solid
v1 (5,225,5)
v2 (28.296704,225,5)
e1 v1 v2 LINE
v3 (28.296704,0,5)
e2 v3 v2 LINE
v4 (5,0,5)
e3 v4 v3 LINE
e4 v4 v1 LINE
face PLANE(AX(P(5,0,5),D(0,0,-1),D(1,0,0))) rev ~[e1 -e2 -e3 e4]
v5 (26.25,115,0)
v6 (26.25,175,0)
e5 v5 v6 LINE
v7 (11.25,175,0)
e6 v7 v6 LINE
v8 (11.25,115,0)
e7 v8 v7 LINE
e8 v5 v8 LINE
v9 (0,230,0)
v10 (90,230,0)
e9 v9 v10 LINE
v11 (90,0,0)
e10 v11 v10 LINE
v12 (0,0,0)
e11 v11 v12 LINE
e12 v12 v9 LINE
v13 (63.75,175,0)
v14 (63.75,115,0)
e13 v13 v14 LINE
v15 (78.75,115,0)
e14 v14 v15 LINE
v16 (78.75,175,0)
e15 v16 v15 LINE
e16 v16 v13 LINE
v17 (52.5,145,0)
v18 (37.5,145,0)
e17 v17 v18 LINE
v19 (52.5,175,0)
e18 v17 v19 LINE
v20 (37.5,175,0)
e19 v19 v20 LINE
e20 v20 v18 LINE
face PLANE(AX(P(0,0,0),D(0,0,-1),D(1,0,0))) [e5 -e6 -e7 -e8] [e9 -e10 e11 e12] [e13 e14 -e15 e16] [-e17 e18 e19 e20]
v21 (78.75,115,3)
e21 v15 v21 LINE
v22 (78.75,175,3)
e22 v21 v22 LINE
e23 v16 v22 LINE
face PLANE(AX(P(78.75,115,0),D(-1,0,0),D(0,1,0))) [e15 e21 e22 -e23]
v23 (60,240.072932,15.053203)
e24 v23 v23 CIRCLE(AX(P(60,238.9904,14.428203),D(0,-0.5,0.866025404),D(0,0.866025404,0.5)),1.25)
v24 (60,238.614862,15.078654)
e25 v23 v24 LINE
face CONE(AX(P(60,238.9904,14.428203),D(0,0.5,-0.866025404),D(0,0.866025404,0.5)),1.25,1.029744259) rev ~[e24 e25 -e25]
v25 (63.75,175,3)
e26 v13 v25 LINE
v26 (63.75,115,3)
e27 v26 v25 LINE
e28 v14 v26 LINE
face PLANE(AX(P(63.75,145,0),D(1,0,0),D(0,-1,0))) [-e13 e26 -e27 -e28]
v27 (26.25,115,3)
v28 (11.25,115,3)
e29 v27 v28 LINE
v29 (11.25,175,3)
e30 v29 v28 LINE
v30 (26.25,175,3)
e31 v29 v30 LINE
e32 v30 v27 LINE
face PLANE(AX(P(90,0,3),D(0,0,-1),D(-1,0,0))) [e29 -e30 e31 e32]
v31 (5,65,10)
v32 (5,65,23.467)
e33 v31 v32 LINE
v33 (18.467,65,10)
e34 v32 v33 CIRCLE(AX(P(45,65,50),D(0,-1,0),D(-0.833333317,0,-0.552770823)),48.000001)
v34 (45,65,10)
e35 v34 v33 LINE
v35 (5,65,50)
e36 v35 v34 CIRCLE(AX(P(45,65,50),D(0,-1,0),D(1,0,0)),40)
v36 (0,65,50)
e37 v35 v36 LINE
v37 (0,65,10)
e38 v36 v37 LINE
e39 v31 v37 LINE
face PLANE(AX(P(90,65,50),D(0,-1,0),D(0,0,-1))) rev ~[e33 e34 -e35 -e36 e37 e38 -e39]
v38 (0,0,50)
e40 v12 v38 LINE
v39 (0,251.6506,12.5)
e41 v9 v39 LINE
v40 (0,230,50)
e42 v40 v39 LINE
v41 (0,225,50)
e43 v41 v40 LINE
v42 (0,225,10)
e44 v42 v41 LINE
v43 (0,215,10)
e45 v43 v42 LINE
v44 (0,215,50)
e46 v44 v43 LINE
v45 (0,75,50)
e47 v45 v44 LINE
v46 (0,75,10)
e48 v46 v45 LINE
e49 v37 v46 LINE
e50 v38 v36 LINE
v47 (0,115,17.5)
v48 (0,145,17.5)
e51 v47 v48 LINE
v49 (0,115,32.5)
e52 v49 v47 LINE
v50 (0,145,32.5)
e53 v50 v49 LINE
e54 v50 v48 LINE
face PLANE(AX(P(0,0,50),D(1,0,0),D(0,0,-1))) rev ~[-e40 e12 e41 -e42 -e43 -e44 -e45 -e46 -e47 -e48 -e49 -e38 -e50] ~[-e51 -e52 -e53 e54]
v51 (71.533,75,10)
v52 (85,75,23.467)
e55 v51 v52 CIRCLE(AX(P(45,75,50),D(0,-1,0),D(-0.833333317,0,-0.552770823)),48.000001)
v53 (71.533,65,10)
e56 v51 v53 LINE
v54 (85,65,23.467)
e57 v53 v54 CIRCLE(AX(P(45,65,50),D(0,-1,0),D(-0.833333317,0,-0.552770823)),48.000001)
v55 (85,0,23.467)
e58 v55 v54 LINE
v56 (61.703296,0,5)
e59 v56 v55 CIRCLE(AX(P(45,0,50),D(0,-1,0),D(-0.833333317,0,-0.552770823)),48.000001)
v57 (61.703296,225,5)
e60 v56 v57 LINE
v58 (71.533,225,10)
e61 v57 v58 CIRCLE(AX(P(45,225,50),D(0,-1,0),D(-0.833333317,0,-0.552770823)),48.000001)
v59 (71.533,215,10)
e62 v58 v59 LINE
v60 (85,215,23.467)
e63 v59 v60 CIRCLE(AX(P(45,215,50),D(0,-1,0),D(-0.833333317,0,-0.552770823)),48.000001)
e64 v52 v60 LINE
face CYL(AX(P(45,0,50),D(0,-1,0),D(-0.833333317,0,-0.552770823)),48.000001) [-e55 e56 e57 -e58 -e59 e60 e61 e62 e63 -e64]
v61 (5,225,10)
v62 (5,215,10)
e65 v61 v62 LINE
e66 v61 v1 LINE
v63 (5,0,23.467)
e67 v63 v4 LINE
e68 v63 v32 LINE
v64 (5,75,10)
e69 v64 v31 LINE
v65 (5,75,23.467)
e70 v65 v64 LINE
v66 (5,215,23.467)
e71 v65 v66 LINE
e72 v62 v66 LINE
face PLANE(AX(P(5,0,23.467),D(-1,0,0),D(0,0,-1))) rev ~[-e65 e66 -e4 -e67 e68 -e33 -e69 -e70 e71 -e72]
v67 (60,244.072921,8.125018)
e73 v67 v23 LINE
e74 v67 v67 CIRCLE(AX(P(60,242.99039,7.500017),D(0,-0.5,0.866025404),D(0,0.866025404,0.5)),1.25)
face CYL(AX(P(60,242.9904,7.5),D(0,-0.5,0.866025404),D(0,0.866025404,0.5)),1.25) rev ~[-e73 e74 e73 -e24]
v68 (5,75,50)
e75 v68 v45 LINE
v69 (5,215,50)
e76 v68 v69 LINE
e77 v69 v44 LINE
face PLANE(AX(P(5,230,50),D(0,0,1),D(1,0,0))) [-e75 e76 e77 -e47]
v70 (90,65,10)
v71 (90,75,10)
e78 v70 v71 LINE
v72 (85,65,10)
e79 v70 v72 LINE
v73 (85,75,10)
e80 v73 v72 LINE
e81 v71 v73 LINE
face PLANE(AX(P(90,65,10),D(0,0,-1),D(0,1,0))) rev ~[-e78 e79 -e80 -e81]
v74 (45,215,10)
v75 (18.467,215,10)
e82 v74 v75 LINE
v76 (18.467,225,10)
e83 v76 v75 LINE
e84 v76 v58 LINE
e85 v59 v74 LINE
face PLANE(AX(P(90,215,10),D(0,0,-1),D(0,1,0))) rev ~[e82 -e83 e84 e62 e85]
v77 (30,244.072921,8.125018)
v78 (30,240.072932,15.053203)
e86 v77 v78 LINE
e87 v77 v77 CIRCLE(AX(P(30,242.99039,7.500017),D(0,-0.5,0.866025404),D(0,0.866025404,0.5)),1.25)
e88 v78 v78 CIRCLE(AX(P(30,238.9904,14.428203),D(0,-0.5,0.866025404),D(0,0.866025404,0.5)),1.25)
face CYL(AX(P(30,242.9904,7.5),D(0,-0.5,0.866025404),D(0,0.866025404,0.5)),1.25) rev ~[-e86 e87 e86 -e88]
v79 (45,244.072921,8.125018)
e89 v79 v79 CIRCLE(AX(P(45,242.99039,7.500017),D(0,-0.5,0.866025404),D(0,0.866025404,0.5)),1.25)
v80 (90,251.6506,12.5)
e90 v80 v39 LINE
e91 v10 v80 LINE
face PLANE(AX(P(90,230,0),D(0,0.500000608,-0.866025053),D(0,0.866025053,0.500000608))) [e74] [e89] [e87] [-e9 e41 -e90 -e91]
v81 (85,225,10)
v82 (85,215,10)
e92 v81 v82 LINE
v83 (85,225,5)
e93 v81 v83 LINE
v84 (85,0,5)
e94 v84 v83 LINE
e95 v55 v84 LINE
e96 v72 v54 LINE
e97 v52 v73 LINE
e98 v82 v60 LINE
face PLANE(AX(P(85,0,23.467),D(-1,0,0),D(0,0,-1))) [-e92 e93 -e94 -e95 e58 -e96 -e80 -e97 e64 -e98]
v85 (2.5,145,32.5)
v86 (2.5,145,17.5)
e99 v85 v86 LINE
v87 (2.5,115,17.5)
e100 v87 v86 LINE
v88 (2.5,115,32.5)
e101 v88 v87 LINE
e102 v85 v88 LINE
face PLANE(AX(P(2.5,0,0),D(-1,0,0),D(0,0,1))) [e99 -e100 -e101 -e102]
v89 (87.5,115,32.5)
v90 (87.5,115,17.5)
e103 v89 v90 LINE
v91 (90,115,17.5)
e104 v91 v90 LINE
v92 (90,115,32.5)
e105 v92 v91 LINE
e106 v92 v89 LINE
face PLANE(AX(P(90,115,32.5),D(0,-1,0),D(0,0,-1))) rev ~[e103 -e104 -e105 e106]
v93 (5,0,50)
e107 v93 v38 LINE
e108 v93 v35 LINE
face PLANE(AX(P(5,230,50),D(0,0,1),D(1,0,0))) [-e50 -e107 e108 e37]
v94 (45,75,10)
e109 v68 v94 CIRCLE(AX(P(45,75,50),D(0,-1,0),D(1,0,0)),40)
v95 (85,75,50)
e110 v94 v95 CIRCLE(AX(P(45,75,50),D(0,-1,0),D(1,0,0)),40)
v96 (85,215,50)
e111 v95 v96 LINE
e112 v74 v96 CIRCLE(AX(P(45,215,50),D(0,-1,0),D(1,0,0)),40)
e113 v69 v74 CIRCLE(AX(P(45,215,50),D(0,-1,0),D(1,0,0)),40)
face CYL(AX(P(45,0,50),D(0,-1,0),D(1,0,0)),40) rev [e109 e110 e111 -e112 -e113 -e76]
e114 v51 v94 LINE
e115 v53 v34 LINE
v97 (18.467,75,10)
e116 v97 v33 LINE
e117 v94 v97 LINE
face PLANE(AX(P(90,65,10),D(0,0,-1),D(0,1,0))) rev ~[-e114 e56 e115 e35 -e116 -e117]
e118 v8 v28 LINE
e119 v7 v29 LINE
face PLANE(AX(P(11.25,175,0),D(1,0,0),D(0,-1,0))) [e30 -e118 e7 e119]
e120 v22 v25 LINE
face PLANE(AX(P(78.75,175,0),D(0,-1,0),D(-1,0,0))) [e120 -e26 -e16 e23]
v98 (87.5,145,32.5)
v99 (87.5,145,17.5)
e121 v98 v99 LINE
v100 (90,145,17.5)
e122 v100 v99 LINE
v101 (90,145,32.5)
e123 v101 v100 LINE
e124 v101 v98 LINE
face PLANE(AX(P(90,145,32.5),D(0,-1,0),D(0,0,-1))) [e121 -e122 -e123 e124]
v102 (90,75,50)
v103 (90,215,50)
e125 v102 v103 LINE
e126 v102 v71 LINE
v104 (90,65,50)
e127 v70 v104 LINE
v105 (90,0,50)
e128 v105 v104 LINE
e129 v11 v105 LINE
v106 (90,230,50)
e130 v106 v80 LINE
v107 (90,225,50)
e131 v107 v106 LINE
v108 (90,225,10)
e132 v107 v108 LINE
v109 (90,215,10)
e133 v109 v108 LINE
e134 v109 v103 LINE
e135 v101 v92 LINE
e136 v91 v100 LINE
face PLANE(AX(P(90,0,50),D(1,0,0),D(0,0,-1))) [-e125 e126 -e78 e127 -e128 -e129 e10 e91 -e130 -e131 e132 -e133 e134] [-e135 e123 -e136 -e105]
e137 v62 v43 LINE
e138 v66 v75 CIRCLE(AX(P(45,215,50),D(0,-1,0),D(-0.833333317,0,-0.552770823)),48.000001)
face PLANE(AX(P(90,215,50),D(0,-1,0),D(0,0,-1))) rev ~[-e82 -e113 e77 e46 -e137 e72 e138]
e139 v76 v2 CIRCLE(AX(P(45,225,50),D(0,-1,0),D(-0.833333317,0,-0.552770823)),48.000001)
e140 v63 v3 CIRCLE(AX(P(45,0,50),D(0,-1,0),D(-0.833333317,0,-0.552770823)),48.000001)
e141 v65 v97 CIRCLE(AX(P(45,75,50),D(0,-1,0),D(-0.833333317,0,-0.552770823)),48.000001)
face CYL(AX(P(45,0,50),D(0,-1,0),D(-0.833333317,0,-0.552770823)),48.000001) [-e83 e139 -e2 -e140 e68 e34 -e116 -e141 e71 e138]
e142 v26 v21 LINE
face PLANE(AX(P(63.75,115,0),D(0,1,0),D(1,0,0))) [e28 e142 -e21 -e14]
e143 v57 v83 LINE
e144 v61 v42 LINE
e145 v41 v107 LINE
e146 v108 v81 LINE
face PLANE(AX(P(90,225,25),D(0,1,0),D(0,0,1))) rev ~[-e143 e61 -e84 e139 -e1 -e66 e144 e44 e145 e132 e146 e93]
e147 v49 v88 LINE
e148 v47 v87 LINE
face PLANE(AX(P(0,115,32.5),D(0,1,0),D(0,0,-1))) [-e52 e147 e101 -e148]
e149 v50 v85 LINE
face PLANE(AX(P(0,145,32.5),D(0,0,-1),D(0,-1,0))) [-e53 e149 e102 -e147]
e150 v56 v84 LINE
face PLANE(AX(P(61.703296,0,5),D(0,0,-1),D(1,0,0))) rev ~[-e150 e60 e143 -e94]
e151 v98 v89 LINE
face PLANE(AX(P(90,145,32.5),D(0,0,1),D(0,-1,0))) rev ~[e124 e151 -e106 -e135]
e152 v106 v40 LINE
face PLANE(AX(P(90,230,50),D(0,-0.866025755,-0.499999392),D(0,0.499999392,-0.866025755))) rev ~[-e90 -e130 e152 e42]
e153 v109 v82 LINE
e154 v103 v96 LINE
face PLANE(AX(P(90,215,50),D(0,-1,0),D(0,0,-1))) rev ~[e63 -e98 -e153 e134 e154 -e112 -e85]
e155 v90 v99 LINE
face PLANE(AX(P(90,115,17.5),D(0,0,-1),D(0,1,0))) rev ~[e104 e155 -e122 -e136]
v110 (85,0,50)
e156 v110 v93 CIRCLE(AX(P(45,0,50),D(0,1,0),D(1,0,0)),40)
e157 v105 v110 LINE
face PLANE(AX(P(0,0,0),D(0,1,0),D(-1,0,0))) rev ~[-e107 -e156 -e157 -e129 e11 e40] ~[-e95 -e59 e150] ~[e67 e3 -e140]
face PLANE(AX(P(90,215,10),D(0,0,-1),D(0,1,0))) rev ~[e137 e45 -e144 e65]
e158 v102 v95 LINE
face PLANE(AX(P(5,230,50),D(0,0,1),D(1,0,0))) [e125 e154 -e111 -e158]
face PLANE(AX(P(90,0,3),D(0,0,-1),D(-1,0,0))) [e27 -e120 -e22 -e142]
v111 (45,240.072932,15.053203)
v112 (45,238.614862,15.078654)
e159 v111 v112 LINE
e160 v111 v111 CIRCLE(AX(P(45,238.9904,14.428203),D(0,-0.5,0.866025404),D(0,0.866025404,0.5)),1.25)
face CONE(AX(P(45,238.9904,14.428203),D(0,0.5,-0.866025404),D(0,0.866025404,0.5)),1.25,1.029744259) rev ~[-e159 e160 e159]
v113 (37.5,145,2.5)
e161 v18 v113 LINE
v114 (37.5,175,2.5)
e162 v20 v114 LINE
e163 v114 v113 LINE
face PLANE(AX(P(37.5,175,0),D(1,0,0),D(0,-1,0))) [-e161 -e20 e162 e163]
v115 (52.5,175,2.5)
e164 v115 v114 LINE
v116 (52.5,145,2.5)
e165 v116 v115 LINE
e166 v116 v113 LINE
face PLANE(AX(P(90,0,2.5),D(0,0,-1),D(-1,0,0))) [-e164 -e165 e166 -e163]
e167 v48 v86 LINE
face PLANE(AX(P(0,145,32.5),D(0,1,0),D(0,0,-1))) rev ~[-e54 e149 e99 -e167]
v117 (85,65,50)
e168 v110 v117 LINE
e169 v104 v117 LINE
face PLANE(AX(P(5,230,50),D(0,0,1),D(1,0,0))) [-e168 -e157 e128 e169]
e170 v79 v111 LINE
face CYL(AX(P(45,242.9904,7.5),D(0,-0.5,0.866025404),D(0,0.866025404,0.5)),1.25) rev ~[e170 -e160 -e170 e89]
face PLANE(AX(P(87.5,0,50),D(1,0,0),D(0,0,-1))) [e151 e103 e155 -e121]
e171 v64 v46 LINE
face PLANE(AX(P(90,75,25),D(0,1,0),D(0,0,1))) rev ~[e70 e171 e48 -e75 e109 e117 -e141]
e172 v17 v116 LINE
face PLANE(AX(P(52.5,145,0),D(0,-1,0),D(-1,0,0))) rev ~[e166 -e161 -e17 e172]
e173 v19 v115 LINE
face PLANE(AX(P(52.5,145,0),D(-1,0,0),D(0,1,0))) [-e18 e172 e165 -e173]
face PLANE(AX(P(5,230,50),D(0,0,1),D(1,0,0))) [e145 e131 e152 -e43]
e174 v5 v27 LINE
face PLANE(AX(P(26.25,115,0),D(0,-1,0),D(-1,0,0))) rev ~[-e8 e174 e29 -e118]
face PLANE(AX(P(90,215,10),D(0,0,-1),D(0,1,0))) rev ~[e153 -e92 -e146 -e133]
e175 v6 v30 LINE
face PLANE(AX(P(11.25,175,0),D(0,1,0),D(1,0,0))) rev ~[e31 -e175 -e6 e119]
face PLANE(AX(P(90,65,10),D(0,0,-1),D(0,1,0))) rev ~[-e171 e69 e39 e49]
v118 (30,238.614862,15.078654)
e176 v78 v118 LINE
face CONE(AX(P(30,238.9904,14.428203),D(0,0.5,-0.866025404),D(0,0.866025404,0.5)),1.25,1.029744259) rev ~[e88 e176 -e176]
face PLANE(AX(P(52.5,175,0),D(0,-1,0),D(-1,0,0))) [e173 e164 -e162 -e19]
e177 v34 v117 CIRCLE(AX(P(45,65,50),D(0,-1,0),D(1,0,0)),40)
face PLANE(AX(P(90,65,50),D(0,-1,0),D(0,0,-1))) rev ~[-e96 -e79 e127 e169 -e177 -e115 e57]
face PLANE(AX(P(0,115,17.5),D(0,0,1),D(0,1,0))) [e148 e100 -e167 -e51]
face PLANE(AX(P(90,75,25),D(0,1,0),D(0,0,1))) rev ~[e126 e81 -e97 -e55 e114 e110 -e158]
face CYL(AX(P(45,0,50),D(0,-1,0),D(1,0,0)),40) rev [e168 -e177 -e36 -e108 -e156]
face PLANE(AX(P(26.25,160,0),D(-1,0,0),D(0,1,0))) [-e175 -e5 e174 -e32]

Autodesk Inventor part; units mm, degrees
ref_plane "YZ Plane" through (0, 0, 0) normal (1, 0, 0) x (0, 1, 0)
ref_plane "XZ Plane" through (0, 0, 0) normal (0, 1, 0) x (-1, 0, 0)
ref_plane "XY Plane" through (0, 0, 0) normal (0, 0, 1) x (1, 0, 0)
sketch "スケッチ1" plane through (0, 0, 0) normal (0, 1, 0) x (-1, 0, 0)
  line L0 (0, 0) -> (-90, 0)
  line L1 (-90, 0) -> (-90, 50)
  line L2 (0, 50) -> (0, 0)
  line L3 (0, 0) -> (-5, 0)
  line L4 (-5, 0) -> (-5, 50)
  line L5 (-5, 0) -> (-90, 0)
  line L6 (-90, 0) -> (-85, 0)
  line L7 (-85, 0) -> (-85, 50)
  arc A0 (-85, 50) -> (-5, 50) centre (-45, 50) ccw
  line L8 (0, 0) -> (0, 10)
  line L9 (0, 10) -> (-90, 10)
  circle A1 centre (-45, 50) radius 45
  line L10 (-90, 5) -> (0, 5)
  line L11 (-90, 50) -> (-85, 50)
  line L12 (-5, 50) -> (0, 50)
  line L13 (0, 0) -> (-90, 0)
  line L14 (-90, 0) -> (-90, 5)
  line L15 (-90, 5) -> (0, 5)
  line L16 (0, 5) -> (0, 0)
  dimension "d0" = 90
  dimension "d1" = 50
  dimension "d2" = 5
  dimension "d3" = 85
  dimension "d4" = 5
  dimension "d5" = 80
  dimension "d6" = 10
  dimension "d7" = 90
extrude "押し出し1" add sketch "スケッチ1" along normal blind 230 contours L0 L4 L10 L2 | L0 L7 L10 L4 | L10 L4 L9 L2 | L0 L1 L10 L7 | L10 A1 L9 L4 | L9 L4 A1 L2 | L10 L1 L9 L7 | L7 L9 A1 L10 | L9 A1 L4 | A1 L9 | A1 L4 L12 | L9 L1 A1 L7 | L7 A1 L9 | A1 L9 A0 L4 | A1 L7 A0 L9 | L11 L7 A1
sketch "スケッチ2" plane through (0, 0, 0) normal (0, -1, 0) x (1, 0, 0)
  line L0 (0, 0) -> (0, 50) projected
  line L1 (90, 0) -> (0, 0) projected
  line L2 (90, 50) -> (90, 0) projected
  line L3 (85, 50) -> (90, 50) projected
  arc A0 (5, 50) -> (85, 50) centre (45, 50) ccw projected
  line L4 (0, 50) -> (5, 50) projected
  arc A1 (5, 23.467) -> (85, 23.467) centre (45, 50) ccw
  line L5 (0, 5) -> (90, 5)
  line L6 (5, 23.467) -> (5, 5)
  line L7 (85, 23.467) -> (85, 5)
  dimension "d29" = 48
extrude "押し出し2" cut sketch "スケッチ2" against normal blind 225 contours L6 A1 L5 | L5 A1 L7
sketch "スケッチ3" plane through (0, 230, 0) normal (0, 1, 0) x (1, 0, 0)
  arc A0 (85, -50) -> (5, -50) centre (45, -50) ccw projected
  line L0 (90, -50) -> (90, 0) projected
  line L1 (0, -50) -> (5, -50) projected
  arc A1 (85, -50) -> (5, -50) centre (45, -50) ccw
  line L2 (5, -50) -> (85, -50)
extrude "押し出し3" add sketch "スケッチ3" against normal blind 5
sketch "スケッチ4" plane through (90, 0, 50) normal (1, 0, 0) x (0, 0, -1)
  line L0 (0, 0) -> (50, 0) projected
  line L1 (0, 0) -> (0, 230) projected
  line L2 (25, 0) -> (25, 65)
  line L3 (25, 65) -> (25, 75)
  line L4 (25, 75) -> (25, 215)
  line L5 (25, 215) -> (25, 225)
  line L6 (0, 65) -> (40, 65)
  line L7 (40, 65) -> (40, 75)
  line L8 (40, 75) -> (0, 75)
  line L9 (0, 75) -> (0, 65)
  line L10 (0, 215) -> (40, 215)
  line L11 (40, 215) -> (40, 225)
  line L12 (40, 225) -> (0, 225)
  line L13 (0, 225) -> (0, 215)
  dimension "d16" = 65
  dimension "d17" = 10
  dimension "d18" = 140
  dimension "d19" = 10
  dimension "d20" = 40
extrude "押し出し4" cut sketch "スケッチ4" against normal blind 90 contours L1 L8 L3 L6 | L3 L8 L7 L6 | L1 L12 L5 L10 | L5 L12 L11 L10
sketch "スケッチ6" plane through (90, 0, 50) normal (1, 0, 0) x (0, 0, -1)
  line L0 (0, 230) -> (50, 230) projected
  line L1 (50, 230) -> (37.5, 251.6506)
  line L2 (50, 230) -> (110, 230) construction
  line L3 (0, 230) -> (37.5, 251.6506)
  line L4 (0, 230) -> (43.3013, 230) construction
  dimension "d32" = 120
  dimension "d33" = 30
extrude "押し出し6" add sketch "スケッチ6" against normal blind 90
sketch "スケッチ9" plane through (0, 0, 0) normal (-1, 0, 0) x (0, 0, 1)
  line L0 (10, 225) -> (50, 225) projected
  line L1 (50, 225) -> (50, 230) projected
  line L2 (50, 230) -> (12.5, 251.6506) projected
  line L3 (12.5, 251.6506) -> (0, 230) projected
  line L4 (0, 0) -> (0, 230) projected
  line L5 (0, 0) -> (50, 0) projected
  line L6 (50, 0) -> (50, 65) projected
  line L7 (50, 65) -> (10, 65) projected
  line L8 (10, 65) -> (10, 75) projected
  line L9 (10, 75) -> (50, 75) projected
  line L10 (50, 75) -> (50, 215) projected
  line L11 (50, 215) -> (10, 215) projected
  line L12 (10, 215) -> (10, 225) projected
  line L13 (12.5, 251.6506) -> (0, 230)
  line L14 (0, 230) -> (-132.7906, 0)
  line L15 (0, 145) -> (-49.0748, 145)
  line L16 (0, 115) -> (-66.3953, 115)
  dimension "d45" = 30
sketch "スケッチ10" plane through (0, 0, 0) normal (-1, 0, 0) x (0, 0, 1)
  line L0 (10, 225) -> (50, 225) projected
  line L1 (50, 225) -> (50, 230) projected
  line L2 (50, 230) -> (12.5, 251.6506) projected
  line L3 (12.5, 251.6506) -> (0, 230) projected
  line L4 (0, 0) -> (0, 230) projected
  line L5 (0, 0) -> (50, 0) projected
  line L6 (50, 0) -> (50, 65) projected
  line L7 (50, 65) -> (10, 65) projected
  line L8 (10, 65) -> (10, 75) projected
  line L9 (10, 75) -> (50, 75) projected
  line L10 (50, 75) -> (50, 215) projected
  line L11 (50, 215) -> (10, 215) projected
  line L12 (10, 215) -> (10, 225) projected
  line L13 (12.5, 251.6506) -> (-87.5, 78.4456)
  line L14 (-87.5, 78.4456) -> (50, 0)
sketch "スケッチ11" plane through (90, 230, 0) normal (0, 0.5, -0.866) x (-1, 0, 0)
  line L0 (0, 25) -> (90, 25) projected
  line L1 (45, 25) -> (45, 15)
  line L2 (45, 15) -> (60, 15)
  line L3 (60, 15) -> (30, 15)
  point P0 (90, -199.1858)
  dimension "d49" = 10
  dimension "d50" = 15
  dimension "d51" = 30
hole "穴1" at (45, 242.9904, 7.5) at (30, 242.9904, 7.5) at (60, 242.9904, 7.5) direction (0, -0.5, 0.866) diameter 2.5 depth 8 tip angle 118
sketch "スケッチ12" plane through (90, 0, 50) normal (1, 0, 0) x (0, 0, -1)
  line L0 (50, 0) -> (50, 230) projected
  line L1 (40, 225) -> (40, 215) projected
  line L2 (0, 215) -> (0, 75)
  line L3 (0, 145) -> (50, 145)
  line L4 (32.5, 175) -> (17.5, 175)
  line L5 (17.5, 175) -> (17.5, 115)
  line L6 (17.5, 115) -> (32.5, 115)
  line L7 (32.5, 115) -> (32.5, 175)
  line L8 (32.5, 175) -> (17.5, 115) construction
  line L9 (17.5, 175) -> (32.5, 115) construction
  line L10 (17.5, 145) -> (32.5, 145)
  line L11 (32.5, 145) -> (32.5, 115)
  line L12 (32.5, 115) -> (17.5, 115)
  line L13 (17.5, 115) -> (17.5, 145)
  point P0 (25, 145)
  dimension "d59" = 15
  dimension "d60" = 60
extrude "押し出し8" cut sketch "スケッチ12" against normal blind 2.5 contours L3 L7 L6 L5
sketch "スケッチ13" plane through (0, 0, 0) normal (-1, 0, 0) x (0, 0, 1)
  line L0 (0, 0) -> (0, 230) projected
  line L1 (50, 75) -> (50, 215) projected
  line L2 (50, 145) -> (0, 145)
  line L3 (17.5, 175) -> (32.5, 175)
  line L4 (32.5, 175) -> (32.5, 115)
  line L5 (32.5, 115) -> (17.5, 115)
  line L6 (17.5, 115) -> (17.5, 175)
  line L7 (17.5, 175) -> (32.5, 115) construction
  line L8 (32.5, 175) -> (17.5, 115) construction
  line L9 (17.5, 145) -> (32.5, 145)
  line L10 (32.5, 145) -> (32.5, 115)
  line L11 (32.5, 115) -> (17.5, 115)
  line L12 (17.5, 115) -> (17.5, 145)
  point P0 (25, 145)
  dimension "d63" = 15
  dimension "d64" = 60
extrude "押し出し9" cut sketch "スケッチ13" against normal blind 2.5 contours L4 L5 L6 L2
sketch "スケッチ14" plane through (90, 0, 0) normal (0, 0, -1) x (-1, 0, 0)
  line L0 (90, 0) -> (90, 230) projected
  line L1 (0, 0) -> (0, 230) projected
  line L2 (0, 145) -> (90, 145)
  line L3 (37.5, 175) -> (52.5, 175)
  line L4 (52.5, 175) -> (52.5, 115)
  line L5 (52.5, 115) -> (37.5, 115)
  line L6 (37.5, 115) -> (37.5, 175)
  line L7 (37.5, 175) -> (52.5, 115) construction
  line L8 (52.5, 175) -> (37.5, 115) construction
  line L9 (37.5, 145) -> (52.5, 145)
  line L10 (52.5, 145) -> (52.5, 175)
  line L11 (52.5, 175) -> (37.5, 175)
  line L12 (37.5, 175) -> (37.5, 145)
  point P0 (45, 145)
  dimension "d67" = 15
  dimension "d70" = 30
extrude "押し出し10" cut sketch "スケッチ14" against normal blind 2.5 contours L6 L3 L4 L2
sketch "スケッチ16" plane through (90, 0, 0) normal (0, 0, -1) x (-1, 0, 0)
  line L0 (52.5, 175) -> (52.5, 145) projected
  line L1 (52.5, 145) -> (37.5, 145) projected
  line L2 (37.5, 145) -> (37.5, 175) projected
  line L3 (90, 0) -> (90, 230) projected
  line L4 (0, 0) -> (0, 230) projected
  line L5 (0, 145) -> (90, 145)
  line L6 (0, 160) -> (37.5, 160)
  line L7 (52.5, 160) -> (90, 160)
  line L8 (18.75, 160) -> (18.75, 145)
  line L9 (71.25, 145) -> (71.25, 160)
  line L10 (11.25, 175) -> (26.25, 175)
  line L11 (26.25, 175) -> (26.25, 115)
  line L12 (26.25, 115) -> (11.25, 115)
  line L13 (11.25, 115) -> (11.25, 175)
  line L14 (11.25, 175) -> (26.25, 115) construction
  line L15 (26.25, 175) -> (11.25, 115) construction
  line L16 (11.25, 115) -> (26.25, 115)
  line L17 (26.25, 115) -> (26.25, 175)
  line L18 (26.25, 175) -> (11.25, 175)
  line L19 (11.25, 175) -> (11.25, 115)
  line L20 (45, 145) -> (45, 125)
  line L21 (78.75, 175) -> (63.75, 175)
  line L22 (63.75, 115) -> (78.75, 115)
  line L23 (78.75, 175) -> (78.75, 115)
  line L24 (63.75, 115) -> (63.75, 175)
  line L25 (63.75, 175) -> (78.75, 175)
  line L26 (78.75, 175) -> (78.75, 115)
  line L27 (78.75, 115) -> (63.75, 115)
  line L28 (63.75, 115) -> (63.75, 175)
  line L29 (11.25, 115) -> (26.25, 115)
  line L30 (26.25, 115) -> (26.25, 175)
  line L31 (26.25, 175) -> (11.25, 175)
  line L32 (11.25, 175) -> (11.25, 115)
  dimension "d71" = 15
  dimension "d72" = 60
  dimension "d73" = 20
extrude "押し出し11" cut sketch "スケッチ16" against normal blind 3 contours L24 L21 L23 L7 | L7 L9 L5 L24 | L5 L23 L22 L24 | L7 L23 L5 L9 | L11 L12 L13 L5 | L5 L8 L6 L11 | L6 L13 L10 L11 | L5 L13 L6 L8
sketch "スケッチ17" plane through (37.5, 145, 0) normal (0, 1, 0) x (1, 0, 0)
  line L0 (0, 0) -> (15, 0) projected
  line L1 (0, 0) -> (0, -2.5) projected
  line L2 (0, -2.5) -> (15, -2.5) projected
  line L3 (15, 0) -> (15, -2.5) projected
  line L4 (-57.7643, 16.522) -> (69.053, 16.522)
  line L5 (69.053, 16.522) -> (69.053, -65.9751)
  line L6 (69.053, -65.9751) -> (-57.7643, -65.9751)
  line L7 (-57.7643, -65.9751) -> (-57.7643, 16.522)
  point P0 (-37.5, 0)
properties part number "知能ロボコン発射台２．３" material "ABS プラスチック"
